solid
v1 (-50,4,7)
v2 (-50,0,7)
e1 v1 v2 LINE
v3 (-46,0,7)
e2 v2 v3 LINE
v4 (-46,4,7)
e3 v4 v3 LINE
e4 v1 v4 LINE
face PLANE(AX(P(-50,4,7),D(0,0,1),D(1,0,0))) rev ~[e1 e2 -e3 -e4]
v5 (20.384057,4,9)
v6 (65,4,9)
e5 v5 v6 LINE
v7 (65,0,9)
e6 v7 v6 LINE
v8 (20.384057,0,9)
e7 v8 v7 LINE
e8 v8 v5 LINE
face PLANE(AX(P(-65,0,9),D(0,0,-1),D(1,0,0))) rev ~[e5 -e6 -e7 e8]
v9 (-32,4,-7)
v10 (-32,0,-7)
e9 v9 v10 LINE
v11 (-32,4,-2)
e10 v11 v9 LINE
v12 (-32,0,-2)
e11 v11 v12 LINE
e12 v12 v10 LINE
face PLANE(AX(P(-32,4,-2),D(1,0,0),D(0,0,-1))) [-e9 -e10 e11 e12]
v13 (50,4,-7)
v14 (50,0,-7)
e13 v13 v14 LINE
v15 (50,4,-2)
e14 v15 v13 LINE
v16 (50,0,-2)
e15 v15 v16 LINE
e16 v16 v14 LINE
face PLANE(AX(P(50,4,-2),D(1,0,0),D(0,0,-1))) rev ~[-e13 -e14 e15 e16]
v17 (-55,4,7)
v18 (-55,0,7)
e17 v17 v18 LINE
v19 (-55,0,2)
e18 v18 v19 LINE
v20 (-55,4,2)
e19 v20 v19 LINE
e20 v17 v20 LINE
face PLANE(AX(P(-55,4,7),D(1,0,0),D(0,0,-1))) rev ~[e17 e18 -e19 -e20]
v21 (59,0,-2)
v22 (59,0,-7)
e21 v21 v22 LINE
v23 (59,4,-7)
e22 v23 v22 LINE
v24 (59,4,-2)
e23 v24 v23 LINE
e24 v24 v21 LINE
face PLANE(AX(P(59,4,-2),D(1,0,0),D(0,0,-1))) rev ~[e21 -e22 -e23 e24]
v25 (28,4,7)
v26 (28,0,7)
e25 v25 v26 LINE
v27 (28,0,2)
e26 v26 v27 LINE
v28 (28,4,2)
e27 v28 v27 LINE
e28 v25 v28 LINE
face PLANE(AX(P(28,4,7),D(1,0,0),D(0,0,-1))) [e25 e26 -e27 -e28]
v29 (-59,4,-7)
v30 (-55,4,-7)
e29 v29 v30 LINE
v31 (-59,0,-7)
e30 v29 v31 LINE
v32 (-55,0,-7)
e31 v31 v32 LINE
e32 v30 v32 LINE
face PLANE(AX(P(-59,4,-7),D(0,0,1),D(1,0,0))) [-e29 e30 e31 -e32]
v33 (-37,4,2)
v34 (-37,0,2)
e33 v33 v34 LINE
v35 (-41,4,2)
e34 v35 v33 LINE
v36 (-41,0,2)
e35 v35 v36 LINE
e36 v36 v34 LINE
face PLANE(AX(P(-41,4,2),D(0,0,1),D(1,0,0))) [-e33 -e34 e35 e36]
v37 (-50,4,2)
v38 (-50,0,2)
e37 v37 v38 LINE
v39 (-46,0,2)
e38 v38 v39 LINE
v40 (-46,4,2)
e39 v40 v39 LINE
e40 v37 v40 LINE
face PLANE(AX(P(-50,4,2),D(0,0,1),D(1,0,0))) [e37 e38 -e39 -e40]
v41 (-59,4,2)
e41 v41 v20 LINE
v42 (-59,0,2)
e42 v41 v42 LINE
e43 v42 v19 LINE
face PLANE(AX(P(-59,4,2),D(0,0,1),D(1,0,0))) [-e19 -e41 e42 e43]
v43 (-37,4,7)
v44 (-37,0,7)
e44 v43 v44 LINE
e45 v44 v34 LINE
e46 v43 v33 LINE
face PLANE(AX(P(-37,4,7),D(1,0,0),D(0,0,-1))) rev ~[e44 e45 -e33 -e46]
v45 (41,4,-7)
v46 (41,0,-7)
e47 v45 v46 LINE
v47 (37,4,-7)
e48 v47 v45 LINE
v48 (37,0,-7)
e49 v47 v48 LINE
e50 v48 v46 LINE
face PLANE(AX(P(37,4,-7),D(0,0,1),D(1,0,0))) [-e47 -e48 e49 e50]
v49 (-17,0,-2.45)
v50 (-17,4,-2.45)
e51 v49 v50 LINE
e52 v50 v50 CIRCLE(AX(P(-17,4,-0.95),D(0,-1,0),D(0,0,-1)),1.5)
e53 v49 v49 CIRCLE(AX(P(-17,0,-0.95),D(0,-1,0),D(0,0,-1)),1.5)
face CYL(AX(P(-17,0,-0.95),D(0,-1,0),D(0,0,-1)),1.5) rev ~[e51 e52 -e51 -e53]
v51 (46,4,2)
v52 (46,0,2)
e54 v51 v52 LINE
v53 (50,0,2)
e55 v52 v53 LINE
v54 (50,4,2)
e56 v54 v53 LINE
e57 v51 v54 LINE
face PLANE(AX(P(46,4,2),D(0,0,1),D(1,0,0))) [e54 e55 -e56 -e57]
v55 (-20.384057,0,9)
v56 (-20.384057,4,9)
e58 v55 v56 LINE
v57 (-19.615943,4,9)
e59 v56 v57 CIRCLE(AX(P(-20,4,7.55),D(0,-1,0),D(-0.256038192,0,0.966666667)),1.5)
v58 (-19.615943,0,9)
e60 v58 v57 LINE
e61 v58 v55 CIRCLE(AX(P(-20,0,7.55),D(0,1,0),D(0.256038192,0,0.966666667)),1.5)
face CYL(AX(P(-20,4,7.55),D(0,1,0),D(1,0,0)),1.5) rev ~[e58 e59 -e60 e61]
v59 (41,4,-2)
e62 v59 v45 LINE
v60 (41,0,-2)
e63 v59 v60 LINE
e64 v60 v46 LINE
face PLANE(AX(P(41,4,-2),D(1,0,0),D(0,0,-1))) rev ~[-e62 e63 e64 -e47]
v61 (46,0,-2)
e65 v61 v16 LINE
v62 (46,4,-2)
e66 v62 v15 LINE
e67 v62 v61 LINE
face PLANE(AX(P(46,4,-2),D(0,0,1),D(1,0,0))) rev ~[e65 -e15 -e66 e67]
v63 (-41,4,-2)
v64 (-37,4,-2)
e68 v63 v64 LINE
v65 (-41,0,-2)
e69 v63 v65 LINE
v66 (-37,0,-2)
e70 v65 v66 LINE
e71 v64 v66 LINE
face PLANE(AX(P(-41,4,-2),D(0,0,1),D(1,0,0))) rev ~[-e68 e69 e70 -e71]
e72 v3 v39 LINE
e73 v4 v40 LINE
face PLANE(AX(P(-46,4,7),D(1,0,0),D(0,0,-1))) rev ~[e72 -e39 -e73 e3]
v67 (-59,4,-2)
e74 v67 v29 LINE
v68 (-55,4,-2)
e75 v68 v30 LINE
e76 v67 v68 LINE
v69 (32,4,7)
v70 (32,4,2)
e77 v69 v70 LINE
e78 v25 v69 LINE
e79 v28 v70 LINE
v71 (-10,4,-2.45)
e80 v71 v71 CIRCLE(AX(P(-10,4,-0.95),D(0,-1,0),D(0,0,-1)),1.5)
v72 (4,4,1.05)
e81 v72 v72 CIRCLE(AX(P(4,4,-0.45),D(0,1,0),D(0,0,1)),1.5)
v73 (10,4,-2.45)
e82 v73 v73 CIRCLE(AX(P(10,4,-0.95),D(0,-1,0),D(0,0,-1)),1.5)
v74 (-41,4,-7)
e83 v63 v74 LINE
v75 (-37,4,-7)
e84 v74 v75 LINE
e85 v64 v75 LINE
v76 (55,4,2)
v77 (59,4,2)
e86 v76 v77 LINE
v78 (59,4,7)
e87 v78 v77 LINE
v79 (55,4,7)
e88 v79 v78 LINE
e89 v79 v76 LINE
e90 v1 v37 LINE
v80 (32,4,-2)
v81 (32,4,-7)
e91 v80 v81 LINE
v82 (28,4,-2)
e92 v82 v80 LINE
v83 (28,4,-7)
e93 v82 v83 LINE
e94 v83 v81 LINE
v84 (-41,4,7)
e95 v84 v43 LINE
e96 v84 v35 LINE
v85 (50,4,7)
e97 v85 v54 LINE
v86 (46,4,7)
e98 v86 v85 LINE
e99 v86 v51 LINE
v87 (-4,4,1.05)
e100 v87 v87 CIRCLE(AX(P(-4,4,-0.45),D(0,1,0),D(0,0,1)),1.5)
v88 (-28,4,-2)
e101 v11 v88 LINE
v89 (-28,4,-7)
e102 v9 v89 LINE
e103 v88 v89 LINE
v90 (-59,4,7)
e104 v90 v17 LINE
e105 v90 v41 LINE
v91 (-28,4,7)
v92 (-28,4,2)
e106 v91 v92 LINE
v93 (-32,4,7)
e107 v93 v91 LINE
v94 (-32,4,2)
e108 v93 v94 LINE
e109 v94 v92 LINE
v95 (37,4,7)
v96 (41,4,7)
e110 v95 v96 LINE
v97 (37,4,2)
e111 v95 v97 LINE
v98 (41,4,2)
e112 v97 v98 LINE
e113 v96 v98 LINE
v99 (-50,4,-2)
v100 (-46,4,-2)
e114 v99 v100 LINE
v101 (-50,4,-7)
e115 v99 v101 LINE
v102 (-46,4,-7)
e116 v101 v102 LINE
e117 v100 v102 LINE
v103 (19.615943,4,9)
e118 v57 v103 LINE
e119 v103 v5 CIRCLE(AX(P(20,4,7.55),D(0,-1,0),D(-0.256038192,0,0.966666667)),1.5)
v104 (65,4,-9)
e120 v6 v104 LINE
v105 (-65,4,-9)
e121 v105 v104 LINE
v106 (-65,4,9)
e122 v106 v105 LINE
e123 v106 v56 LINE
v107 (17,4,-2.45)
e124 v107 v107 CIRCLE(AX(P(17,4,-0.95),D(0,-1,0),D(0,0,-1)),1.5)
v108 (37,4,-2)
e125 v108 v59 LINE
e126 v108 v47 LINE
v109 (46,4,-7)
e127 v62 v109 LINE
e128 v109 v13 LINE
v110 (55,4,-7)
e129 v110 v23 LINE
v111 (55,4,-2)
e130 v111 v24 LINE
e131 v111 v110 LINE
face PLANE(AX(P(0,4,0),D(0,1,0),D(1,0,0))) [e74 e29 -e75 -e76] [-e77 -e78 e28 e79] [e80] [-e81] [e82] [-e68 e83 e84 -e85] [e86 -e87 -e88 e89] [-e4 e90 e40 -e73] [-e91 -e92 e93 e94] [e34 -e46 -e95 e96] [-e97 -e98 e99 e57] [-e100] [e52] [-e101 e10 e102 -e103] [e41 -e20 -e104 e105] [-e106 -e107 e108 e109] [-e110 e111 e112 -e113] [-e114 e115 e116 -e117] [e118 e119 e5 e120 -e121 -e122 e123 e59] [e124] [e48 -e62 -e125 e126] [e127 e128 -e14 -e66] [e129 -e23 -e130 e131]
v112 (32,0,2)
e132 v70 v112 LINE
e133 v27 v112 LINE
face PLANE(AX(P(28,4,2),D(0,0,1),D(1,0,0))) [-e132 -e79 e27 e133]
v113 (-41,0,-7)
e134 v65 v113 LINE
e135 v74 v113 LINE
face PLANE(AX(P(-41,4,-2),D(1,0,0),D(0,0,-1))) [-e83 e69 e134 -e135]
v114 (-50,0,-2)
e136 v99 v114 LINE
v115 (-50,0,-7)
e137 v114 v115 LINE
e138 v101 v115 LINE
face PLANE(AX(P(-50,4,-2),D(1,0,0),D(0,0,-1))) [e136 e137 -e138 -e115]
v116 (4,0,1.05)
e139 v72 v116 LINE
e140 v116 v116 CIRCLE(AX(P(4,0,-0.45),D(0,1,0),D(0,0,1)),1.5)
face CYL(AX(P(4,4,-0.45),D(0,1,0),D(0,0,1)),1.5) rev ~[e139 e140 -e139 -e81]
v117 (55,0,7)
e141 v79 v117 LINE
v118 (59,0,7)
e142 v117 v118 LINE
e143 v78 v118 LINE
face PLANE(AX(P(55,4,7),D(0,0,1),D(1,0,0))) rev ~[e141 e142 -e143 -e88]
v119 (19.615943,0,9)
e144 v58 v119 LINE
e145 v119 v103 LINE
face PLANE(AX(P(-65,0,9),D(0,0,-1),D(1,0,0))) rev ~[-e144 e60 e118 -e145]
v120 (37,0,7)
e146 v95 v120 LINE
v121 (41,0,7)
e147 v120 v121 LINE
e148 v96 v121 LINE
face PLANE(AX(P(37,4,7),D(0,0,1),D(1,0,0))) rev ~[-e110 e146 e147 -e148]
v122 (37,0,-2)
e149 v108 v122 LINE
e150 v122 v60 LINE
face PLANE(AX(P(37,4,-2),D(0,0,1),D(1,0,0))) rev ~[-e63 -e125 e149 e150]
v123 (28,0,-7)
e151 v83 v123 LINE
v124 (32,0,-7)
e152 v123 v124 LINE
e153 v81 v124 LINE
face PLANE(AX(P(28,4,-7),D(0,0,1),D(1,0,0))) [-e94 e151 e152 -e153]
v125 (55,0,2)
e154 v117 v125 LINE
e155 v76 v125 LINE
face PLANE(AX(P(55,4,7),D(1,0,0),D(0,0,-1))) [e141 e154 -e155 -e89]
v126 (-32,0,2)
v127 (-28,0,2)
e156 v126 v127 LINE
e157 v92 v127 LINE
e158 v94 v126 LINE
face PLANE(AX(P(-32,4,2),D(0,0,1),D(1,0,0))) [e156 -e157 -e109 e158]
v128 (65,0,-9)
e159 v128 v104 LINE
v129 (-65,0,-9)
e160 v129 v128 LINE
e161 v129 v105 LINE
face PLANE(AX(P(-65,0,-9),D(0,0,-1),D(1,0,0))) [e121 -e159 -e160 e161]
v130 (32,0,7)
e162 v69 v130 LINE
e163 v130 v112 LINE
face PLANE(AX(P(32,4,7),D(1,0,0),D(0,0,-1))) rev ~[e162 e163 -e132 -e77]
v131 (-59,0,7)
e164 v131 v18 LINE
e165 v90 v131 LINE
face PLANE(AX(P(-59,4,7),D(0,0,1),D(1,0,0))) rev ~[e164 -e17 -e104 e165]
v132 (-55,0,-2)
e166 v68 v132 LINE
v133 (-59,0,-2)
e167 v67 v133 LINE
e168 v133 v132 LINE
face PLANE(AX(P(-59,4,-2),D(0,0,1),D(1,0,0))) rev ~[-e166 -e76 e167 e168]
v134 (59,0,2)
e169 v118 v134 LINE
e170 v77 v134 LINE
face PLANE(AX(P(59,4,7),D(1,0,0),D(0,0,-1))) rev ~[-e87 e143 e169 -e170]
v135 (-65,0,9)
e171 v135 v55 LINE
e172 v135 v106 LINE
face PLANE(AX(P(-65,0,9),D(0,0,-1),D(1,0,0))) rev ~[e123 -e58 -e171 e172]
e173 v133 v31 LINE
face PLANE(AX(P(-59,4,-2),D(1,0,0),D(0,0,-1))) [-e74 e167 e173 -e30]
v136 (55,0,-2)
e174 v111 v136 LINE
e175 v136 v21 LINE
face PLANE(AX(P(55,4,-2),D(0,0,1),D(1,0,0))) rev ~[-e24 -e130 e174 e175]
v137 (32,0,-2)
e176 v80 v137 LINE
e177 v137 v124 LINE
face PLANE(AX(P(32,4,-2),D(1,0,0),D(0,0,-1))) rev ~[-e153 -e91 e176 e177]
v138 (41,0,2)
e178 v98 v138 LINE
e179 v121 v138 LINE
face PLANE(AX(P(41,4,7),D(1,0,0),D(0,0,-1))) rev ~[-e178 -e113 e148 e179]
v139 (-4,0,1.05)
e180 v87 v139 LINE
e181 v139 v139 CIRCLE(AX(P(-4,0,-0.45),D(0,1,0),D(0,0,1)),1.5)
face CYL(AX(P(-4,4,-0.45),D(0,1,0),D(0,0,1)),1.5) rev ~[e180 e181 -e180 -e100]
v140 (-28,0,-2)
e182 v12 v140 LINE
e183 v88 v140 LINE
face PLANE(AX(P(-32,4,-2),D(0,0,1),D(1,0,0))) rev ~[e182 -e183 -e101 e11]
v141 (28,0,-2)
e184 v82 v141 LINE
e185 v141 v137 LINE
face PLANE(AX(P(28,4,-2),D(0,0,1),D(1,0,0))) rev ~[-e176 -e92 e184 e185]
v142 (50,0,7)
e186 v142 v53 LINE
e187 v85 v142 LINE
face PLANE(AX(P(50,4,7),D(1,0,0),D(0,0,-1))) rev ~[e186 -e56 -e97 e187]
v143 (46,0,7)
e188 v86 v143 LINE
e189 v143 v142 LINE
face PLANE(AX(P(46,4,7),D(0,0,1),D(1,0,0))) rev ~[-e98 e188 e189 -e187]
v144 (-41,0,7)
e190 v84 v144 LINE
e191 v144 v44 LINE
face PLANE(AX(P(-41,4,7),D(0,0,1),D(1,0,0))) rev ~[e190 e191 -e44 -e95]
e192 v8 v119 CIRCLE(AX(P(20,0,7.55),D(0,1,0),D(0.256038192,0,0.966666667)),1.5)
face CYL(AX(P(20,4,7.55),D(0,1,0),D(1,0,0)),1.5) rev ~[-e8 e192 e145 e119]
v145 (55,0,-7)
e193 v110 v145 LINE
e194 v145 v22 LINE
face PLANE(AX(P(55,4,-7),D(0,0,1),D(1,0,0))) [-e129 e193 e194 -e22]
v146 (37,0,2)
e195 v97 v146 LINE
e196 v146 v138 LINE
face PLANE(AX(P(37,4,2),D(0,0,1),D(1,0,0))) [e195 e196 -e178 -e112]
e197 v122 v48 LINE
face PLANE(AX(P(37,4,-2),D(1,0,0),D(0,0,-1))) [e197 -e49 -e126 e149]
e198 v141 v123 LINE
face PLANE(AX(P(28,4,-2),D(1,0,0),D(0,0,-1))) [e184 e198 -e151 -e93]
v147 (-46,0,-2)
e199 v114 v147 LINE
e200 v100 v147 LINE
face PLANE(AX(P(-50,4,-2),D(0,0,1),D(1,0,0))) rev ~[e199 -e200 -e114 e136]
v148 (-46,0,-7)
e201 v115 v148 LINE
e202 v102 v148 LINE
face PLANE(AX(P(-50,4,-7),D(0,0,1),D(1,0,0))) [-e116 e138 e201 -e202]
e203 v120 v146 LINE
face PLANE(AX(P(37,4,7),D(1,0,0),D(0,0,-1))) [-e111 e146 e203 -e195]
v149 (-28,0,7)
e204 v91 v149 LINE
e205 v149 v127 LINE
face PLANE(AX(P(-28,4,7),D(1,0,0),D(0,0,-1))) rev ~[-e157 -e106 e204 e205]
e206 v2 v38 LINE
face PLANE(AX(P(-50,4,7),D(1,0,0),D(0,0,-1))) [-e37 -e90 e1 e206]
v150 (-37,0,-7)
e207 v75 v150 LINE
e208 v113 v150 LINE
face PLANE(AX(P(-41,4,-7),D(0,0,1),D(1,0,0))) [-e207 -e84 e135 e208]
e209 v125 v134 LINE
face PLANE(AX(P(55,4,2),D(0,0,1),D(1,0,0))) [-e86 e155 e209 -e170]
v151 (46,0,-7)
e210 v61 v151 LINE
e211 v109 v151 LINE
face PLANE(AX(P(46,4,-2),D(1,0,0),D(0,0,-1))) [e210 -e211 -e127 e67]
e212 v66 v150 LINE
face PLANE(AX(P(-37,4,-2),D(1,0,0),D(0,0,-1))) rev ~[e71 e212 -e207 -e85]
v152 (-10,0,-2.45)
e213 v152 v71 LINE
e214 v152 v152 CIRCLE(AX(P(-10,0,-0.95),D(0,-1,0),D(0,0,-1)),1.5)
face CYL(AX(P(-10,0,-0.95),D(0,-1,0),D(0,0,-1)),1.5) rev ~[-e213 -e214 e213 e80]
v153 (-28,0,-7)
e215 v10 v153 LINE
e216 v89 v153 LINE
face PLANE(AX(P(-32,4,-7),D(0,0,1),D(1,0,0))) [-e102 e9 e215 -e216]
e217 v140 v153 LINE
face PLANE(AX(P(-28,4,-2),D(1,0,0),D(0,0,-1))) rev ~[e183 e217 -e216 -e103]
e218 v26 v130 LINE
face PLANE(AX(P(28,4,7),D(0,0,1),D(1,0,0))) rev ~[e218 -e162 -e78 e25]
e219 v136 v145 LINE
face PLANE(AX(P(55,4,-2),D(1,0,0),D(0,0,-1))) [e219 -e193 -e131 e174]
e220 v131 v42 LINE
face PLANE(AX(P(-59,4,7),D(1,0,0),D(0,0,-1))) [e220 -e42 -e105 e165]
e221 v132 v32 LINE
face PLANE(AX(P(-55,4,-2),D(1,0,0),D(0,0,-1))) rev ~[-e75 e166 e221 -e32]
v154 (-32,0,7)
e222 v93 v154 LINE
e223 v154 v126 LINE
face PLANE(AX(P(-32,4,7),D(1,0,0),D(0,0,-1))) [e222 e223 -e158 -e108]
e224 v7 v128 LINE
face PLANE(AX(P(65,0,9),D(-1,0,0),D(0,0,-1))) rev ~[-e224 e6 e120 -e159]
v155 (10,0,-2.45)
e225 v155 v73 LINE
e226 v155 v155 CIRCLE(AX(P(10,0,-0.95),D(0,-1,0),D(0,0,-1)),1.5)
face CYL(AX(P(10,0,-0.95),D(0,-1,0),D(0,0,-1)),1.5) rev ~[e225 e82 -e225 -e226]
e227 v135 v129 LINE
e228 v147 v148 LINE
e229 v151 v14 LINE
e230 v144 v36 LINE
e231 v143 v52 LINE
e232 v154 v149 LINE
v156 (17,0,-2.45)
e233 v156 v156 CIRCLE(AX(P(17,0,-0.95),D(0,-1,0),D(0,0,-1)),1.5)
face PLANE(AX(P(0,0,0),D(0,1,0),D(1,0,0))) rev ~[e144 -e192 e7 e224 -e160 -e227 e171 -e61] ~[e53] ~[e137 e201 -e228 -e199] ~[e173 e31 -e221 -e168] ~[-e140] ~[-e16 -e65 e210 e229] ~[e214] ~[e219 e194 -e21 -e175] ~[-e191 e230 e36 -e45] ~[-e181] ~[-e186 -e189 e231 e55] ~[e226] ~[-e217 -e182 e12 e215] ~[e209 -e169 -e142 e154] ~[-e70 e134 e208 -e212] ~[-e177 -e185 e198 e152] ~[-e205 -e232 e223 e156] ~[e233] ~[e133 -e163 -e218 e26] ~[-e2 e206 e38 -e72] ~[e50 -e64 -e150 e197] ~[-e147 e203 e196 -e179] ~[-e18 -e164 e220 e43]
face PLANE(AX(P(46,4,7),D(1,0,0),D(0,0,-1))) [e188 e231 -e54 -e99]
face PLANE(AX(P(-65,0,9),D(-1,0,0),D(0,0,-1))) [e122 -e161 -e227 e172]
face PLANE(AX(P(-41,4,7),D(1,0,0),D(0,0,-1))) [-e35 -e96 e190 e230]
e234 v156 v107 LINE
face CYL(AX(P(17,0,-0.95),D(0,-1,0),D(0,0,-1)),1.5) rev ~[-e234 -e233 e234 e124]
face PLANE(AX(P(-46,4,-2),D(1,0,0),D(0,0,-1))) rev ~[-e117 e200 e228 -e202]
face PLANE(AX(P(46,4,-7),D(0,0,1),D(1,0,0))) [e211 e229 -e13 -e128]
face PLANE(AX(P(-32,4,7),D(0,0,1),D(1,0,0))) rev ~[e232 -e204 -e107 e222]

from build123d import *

# Parameters (mm, degrees)
SKETCH1_W           = 130
SKETCH1_H           = 18
BOSS_EXTRUDE1_DEPTH = 4
SKETCH2_W           = 4
SKETCH2_H           = 5
CUT_EXTRUDE1_DEPTH  = 66.741919656
SKETCH3_R           = 1.5
CUT_EXTRUDE2_DEPTH  = 66.741919656
SKETCH4_R           = 1.5
CUT_EXTRUDE3_DEPTH  = 66.741919656


with BuildPart() as part:
    # Sketch1 → Boss-Extrude1 (new body)
    with BuildSketch(Plane(origin=(0, 0, 0), x_dir=(1, 0, 0), z_dir=(0, 1, 0))):
        Rectangle(SKETCH1_W, SKETCH1_H)
    extrude(amount=BOSS_EXTRUDE1_DEPTH)

    # Sketch2 → Cut-Extrude1 (cut, through all)
    with BuildSketch(Plane(origin=(0, 4, 0), x_dir=(1, 0, 0), z_dir=(0, 1, 0))):
        with Locations((57, -4.5)):
            Rectangle(SKETCH2_W, SKETCH2_H)
        with Locations((57, 4.5)):
            Rectangle(SKETCH2_W, SKETCH2_H)
        with Locations((-57, -4.5)):
            Rectangle(SKETCH2_W, SKETCH2_H)
        with Locations((-57, 4.5)):
            Rectangle(SKETCH2_W, SKETCH2_H)
        with Locations((48, -4.5)):
            Rectangle(SKETCH2_W, SKETCH2_H)
        with Locations((48, 4.5)):
            Rectangle(SKETCH2_W, SKETCH2_H)
        with Locations((39, -4.5)):
            Rectangle(SKETCH2_W, SKETCH2_H)
        with Locations((39, 4.5)):
            Rectangle(SKETCH2_W, SKETCH2_H)
        with Locations((30, -4.5)):
            Rectangle(SKETCH2_W, SKETCH2_H)
        with Locations((30, 4.5)):
            Rectangle(SKETCH2_W, SKETCH2_H)
        with Locations((-48, 4.5)):
            Rectangle(SKETCH2_W, SKETCH2_H)
        with Locations((-30, 4.5)):
            Rectangle(SKETCH2_W, SKETCH2_H)
        with Locations((-30, -4.5)):
            Rectangle(SKETCH2_W, SKETCH2_H)
        with Locations((-39, 4.5)):
            Rectangle(SKETCH2_W, SKETCH2_H)
        with Locations((-39, -4.5)):
            Rectangle(SKETCH2_W, SKETCH2_H)
        with Locations((-48, -4.5)):
            Rectangle(SKETCH2_W, SKETCH2_H)
    extrude(amount=-CUT_EXTRUDE1_DEPTH, mode=Mode.SUBTRACT)

    # Sketch3 → Cut-Extrude2 (cut, through all)
    with BuildSketch(Plane.XZ):
        with Locations(Location((17, -0.95, 0), (0, 0, 270))):
            Circle(SKETCH3_R)
        with Locations(Location((-10, -0.95, 0), (0, 0, 270))):
            Circle(SKETCH3_R)
        with Locations(Location((-17, -0.95, 0), (0, 0, 270))):
            Circle(SKETCH3_R)
        with Locations(Location((10, -0.95, 0), (0, 0, 270))):
            Circle(SKETCH3_R)
    extrude(amount=-CUT_EXTRUDE2_DEPTH, mode=Mode.SUBTRACT)

    # Sketch4 → Cut-Extrude3 (cut, through all)
    with BuildSketch(Plane(origin=(0, 4, 0), x_dir=(1, 0, 0), z_dir=(0, 1, 0))):
        with Locations(Location((4, 0.45, 0), (0, 0, 270))):
            Circle(SKETCH4_R)
        with Locations(Location((-4, 0.45, 0), (0, 0, 270))):
            Circle(SKETCH4_R)
        with Locations((-20, -7.55)):
            Circle(SKETCH4_R)
        with Locations((20, -7.55)):
            Circle(SKETCH4_R)
    extrude(amount=-CUT_EXTRUDE3_DEPTH, mode=Mode.SUBTRACT)


solid = part.part
